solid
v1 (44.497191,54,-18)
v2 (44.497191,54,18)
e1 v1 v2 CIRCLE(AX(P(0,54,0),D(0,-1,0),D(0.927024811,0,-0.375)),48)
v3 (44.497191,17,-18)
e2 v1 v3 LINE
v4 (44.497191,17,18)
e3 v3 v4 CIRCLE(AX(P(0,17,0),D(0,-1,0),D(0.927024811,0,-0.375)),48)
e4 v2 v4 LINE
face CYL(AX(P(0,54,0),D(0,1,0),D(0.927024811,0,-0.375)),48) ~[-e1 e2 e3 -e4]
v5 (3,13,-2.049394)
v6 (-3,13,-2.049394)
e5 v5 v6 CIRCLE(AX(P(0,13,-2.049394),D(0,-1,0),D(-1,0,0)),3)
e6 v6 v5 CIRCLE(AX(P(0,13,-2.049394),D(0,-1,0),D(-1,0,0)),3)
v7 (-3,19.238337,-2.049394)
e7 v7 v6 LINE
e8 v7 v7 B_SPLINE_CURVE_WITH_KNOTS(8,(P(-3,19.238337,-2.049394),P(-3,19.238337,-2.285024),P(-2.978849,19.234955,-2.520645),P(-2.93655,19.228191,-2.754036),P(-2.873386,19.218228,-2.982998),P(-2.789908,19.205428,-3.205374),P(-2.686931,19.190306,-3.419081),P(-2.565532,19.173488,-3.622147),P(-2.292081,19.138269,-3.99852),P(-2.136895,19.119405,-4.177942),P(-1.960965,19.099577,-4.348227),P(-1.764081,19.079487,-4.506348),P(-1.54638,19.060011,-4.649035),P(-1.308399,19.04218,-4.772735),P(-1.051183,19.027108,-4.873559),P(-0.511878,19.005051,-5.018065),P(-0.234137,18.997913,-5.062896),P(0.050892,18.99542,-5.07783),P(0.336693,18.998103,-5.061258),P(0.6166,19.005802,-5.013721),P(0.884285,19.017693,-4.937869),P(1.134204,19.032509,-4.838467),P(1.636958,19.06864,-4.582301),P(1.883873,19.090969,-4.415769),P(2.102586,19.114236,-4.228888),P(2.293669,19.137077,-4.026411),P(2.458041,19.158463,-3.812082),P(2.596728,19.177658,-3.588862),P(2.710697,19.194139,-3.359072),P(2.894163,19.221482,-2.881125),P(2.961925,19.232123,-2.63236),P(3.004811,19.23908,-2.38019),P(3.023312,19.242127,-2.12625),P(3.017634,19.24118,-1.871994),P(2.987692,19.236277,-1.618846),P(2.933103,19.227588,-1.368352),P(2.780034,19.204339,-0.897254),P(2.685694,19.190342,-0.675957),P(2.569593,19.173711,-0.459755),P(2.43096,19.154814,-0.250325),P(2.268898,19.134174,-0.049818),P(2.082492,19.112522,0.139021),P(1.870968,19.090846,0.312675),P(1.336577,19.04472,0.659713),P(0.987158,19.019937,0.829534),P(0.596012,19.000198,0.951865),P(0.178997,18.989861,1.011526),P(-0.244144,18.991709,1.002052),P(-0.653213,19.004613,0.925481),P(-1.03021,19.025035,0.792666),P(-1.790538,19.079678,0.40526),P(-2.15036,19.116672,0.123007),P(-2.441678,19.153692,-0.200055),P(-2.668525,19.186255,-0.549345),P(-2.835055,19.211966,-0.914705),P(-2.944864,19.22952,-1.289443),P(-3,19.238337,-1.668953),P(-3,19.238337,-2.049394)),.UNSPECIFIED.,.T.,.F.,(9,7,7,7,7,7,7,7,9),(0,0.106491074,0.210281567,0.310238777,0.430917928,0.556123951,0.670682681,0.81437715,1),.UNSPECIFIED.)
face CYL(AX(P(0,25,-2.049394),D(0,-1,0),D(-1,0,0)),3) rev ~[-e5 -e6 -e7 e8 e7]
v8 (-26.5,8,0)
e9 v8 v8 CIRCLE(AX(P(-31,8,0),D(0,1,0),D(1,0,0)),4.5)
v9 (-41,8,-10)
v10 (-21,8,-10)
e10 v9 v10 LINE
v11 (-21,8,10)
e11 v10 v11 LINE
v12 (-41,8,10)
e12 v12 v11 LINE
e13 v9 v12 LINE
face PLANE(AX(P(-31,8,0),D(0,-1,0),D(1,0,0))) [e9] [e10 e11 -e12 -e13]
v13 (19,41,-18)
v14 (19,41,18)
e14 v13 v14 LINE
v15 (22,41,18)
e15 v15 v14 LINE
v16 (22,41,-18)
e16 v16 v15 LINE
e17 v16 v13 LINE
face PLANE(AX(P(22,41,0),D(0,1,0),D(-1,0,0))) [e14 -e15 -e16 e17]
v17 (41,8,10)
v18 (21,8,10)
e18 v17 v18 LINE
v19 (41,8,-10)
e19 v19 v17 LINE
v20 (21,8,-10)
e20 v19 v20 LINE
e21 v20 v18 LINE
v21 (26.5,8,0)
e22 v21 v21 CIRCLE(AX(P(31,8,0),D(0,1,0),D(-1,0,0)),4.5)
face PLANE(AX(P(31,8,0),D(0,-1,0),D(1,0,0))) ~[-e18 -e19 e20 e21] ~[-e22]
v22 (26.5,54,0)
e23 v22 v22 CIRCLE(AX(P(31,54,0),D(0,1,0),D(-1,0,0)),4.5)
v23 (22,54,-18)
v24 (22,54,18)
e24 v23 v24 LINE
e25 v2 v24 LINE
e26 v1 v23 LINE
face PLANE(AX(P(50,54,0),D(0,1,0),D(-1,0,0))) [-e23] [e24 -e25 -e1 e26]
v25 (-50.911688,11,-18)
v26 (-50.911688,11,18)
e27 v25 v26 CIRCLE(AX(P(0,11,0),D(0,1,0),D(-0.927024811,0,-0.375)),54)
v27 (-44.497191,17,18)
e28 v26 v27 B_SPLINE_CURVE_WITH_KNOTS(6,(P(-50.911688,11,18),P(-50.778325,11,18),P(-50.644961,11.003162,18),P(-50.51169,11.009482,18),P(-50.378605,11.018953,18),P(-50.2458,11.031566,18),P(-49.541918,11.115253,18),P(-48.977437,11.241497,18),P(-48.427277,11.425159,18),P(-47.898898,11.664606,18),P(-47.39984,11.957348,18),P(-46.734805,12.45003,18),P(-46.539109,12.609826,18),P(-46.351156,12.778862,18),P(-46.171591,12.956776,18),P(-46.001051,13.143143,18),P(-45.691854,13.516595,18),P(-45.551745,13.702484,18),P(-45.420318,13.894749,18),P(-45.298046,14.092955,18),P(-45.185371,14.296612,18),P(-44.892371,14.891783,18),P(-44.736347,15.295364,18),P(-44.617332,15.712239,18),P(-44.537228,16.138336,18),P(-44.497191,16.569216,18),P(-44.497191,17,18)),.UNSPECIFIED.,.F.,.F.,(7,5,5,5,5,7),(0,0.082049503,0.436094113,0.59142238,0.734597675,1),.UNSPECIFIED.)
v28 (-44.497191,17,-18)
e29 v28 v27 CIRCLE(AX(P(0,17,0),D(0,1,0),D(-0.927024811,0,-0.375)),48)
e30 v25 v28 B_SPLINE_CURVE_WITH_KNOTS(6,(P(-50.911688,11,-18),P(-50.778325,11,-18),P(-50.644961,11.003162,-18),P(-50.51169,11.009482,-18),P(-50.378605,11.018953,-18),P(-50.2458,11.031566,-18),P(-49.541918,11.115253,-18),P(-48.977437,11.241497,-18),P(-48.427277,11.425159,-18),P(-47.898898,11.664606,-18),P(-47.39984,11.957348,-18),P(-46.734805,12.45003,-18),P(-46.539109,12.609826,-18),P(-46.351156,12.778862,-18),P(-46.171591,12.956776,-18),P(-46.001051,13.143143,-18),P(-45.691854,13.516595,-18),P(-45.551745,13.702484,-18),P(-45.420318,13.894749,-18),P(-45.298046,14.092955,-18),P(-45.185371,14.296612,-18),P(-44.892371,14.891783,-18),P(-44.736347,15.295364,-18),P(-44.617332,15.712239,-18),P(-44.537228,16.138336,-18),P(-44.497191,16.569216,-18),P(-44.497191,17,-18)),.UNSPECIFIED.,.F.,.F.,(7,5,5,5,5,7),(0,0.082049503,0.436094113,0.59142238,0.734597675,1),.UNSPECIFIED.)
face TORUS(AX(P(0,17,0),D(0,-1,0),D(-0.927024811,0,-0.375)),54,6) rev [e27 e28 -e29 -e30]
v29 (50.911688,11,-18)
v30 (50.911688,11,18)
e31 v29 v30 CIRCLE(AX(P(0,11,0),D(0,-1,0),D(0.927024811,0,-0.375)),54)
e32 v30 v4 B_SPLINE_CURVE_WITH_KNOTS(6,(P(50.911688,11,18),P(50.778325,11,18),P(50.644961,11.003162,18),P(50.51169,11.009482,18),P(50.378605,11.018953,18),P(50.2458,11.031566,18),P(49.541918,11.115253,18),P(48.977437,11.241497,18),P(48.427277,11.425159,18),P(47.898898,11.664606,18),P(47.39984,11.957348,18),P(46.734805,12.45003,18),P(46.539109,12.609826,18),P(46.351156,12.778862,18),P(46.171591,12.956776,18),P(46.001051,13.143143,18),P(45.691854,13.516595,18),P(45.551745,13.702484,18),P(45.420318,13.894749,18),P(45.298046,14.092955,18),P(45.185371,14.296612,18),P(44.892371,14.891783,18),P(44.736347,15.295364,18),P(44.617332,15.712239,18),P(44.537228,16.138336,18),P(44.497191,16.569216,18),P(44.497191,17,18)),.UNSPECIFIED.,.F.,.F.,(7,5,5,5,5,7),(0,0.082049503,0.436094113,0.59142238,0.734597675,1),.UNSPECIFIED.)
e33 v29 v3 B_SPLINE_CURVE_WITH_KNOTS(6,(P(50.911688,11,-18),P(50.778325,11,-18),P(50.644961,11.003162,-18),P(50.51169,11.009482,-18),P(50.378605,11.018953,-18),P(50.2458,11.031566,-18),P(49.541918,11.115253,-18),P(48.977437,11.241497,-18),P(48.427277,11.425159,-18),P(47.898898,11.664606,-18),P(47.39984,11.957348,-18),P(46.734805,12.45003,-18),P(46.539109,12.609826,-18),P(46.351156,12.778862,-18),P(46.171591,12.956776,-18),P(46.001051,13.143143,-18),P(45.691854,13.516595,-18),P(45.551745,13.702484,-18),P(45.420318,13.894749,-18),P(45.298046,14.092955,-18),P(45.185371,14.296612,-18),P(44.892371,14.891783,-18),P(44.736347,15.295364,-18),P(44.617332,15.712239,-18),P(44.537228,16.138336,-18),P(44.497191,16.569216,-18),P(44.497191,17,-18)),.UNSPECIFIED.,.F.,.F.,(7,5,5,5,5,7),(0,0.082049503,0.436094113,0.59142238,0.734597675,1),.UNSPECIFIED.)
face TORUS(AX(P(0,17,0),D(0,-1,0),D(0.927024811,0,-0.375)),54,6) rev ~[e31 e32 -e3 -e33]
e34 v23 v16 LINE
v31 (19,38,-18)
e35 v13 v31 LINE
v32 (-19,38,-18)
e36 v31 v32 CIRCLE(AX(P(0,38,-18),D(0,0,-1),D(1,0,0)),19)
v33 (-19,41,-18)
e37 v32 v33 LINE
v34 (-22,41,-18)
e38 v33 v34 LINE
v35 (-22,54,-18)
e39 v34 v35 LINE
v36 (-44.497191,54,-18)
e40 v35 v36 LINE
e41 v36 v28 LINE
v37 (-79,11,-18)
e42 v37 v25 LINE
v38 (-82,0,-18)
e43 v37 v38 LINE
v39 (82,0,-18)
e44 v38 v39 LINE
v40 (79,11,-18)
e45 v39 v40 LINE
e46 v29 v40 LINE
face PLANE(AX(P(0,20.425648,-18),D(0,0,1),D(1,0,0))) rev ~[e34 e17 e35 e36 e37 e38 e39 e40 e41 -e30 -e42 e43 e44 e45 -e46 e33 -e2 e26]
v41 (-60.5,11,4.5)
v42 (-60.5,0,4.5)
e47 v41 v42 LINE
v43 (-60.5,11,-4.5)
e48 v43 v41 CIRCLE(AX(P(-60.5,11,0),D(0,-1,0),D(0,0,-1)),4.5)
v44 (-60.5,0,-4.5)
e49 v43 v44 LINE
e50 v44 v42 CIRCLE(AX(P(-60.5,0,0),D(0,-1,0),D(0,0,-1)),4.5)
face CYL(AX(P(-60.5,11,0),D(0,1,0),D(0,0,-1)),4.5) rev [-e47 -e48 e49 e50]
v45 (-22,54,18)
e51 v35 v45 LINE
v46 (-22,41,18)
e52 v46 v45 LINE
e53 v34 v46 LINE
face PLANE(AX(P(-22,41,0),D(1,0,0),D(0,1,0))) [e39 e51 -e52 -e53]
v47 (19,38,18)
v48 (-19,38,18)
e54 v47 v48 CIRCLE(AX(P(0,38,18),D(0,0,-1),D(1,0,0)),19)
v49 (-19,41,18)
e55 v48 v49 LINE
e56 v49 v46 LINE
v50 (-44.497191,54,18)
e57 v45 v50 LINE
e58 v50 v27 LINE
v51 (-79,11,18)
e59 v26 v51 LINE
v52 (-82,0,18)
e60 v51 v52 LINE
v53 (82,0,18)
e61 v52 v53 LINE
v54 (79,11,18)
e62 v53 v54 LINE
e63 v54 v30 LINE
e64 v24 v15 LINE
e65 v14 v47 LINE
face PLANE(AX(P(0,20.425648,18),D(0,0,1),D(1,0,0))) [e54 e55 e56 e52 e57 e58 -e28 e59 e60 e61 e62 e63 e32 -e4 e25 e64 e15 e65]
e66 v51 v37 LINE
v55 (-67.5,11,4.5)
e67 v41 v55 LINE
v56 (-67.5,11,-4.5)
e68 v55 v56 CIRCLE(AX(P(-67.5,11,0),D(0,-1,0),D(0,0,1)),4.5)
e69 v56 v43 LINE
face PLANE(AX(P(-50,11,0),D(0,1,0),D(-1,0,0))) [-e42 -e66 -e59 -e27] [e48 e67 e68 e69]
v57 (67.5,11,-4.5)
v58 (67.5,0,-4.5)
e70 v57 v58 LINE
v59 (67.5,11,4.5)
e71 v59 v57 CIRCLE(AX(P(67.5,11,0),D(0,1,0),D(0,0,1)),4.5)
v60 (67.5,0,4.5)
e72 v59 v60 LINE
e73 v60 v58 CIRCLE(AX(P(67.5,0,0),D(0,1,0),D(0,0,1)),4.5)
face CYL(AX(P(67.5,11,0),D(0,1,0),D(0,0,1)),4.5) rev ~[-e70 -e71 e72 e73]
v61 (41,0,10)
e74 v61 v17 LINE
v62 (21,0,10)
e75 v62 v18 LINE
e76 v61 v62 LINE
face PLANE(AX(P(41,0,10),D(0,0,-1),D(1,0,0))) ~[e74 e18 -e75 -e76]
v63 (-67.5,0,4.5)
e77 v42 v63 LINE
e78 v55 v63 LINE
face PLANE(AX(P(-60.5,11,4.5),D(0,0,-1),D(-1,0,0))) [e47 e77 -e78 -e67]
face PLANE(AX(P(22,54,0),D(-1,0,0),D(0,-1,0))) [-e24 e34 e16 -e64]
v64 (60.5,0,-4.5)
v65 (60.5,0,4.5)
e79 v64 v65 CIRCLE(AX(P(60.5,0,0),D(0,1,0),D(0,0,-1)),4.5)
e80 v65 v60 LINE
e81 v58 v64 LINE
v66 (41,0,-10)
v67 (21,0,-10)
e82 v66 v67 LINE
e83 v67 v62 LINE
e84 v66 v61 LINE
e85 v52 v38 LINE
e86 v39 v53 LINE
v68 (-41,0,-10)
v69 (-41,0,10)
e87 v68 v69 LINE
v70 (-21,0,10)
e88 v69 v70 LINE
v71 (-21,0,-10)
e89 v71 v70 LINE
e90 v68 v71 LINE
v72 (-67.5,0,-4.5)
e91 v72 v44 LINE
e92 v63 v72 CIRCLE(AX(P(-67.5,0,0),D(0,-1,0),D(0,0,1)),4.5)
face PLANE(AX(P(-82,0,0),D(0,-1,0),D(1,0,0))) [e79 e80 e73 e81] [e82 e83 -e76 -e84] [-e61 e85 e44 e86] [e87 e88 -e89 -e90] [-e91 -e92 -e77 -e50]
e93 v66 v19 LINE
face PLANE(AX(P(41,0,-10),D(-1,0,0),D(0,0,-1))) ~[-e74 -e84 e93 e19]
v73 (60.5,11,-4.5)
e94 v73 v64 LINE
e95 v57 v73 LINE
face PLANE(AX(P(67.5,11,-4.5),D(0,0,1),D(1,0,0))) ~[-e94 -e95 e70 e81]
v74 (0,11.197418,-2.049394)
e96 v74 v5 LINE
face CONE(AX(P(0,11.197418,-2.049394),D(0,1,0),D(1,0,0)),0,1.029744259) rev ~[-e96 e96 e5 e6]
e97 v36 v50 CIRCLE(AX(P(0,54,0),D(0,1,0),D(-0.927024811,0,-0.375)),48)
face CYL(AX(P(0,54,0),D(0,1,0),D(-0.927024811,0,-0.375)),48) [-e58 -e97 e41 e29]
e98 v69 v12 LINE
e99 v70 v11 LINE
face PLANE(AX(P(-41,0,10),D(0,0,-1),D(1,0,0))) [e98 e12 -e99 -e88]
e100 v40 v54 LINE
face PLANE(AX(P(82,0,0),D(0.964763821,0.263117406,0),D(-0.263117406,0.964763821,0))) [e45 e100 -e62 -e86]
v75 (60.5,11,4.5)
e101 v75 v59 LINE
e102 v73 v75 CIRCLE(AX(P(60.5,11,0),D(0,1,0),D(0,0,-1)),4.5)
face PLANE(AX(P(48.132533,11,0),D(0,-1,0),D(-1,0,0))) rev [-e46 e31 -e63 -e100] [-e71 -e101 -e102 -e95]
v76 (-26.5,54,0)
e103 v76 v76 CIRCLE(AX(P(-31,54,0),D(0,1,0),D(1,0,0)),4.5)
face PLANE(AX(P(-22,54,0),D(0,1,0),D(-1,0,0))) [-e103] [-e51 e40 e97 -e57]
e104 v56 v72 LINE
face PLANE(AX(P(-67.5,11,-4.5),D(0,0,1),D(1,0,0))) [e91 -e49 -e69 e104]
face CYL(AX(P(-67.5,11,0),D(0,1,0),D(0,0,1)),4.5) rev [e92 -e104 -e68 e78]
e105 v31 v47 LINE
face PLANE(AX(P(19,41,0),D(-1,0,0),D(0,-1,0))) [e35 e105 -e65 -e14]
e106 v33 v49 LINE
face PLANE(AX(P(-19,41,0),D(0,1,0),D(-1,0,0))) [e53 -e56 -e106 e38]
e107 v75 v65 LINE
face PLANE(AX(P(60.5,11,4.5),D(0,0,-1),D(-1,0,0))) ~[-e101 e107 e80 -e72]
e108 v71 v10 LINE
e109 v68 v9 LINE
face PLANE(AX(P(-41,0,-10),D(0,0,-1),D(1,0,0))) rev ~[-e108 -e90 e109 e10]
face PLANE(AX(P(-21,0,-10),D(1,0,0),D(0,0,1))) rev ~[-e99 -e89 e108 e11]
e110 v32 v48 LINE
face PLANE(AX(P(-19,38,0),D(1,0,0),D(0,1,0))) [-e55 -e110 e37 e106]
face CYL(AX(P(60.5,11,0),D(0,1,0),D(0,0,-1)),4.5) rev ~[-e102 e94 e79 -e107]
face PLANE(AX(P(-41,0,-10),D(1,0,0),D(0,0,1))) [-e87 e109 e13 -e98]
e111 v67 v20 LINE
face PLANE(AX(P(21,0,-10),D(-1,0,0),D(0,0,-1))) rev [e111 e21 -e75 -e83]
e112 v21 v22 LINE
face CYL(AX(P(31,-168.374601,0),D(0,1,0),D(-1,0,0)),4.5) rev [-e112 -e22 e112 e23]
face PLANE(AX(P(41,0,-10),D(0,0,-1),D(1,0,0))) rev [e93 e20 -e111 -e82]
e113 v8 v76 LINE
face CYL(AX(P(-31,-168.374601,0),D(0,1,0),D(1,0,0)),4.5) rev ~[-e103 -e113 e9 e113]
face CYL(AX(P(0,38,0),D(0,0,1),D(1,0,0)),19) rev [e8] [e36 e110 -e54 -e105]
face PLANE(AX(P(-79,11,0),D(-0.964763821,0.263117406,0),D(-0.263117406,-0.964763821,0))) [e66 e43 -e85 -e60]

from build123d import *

# Parameters (mm, degrees)
BOSS_EXTRUDE1_DEPTH       = 18
CUT_EXTRUDE2_DEPTH        = 43
CUT_EXTRUDE3_DEPTH        = 11
SKETCH6_W                 = 20
SKETCH6_H                 = 20
CUT_EXTRUDE4_DEPTH        = 8
F_6_0MM_DOWEL_HOLE2_D     = 9
FILLET1_R                 = 6
FILLET2_R                 = 6
F_6_0MM_DOWEL_HOLE3_D     = 6
F_6_0MM_DOWEL_HOLE3_DEPTH = 6
F_6_0MM_DOWEL_HOLE3_TIP   = 1.802581857


with BuildPart() as part:
    # Sketch2 → Boss-Extrude1 (new, symmetric)
    with BuildSketch(Plane.XY):
        with BuildLine():
            Line((-82, 0), (82, 0))
            Line((82, 0), (79, 11))
            Line((79, 11), (50, 11))
            Line((50, 11), (50, 54))
            Line((50, 54), (22, 54))
            Line((22, 54), (22, 41))
            Line((22, 41), (19, 41))
            Line((19, 41), (19, 38))
            ThreePointArc((19, 38), (0, 19), (-19, 38))
            Line((-19, 38), (-19, 41))
            Line((-19, 41), (-22, 41))
            Line((-22, 41), (-22, 54))
            Line((-22, 54), (-50, 54))
            Line((-50, 54), (-50, 11))
            Line((-50, 11), (-79, 11))
            Line((-79, 11), (-82, 0))
        make_face()
    extrude(amount=BOSS_EXTRUDE1_DEPTH, both=True)

    # Sketch3 → Cut-Extrude2 (cut)
    with BuildSketch(Plane(origin=(0, 54, 0), x_dir=(1, 0, 0), z_dir=(0, 1, 0))):
        with BuildLine():
            Line((-44.497190923, -18), (-50, -18))
            Line((-50, -18), (-50, 18))
            Line((-50, 18), (-44.497190923, 18))
            ThreePointArc((-44.497190923, 18), (-48, 0), (-44.497190923, -18))
        make_face()
    cut_extrude2 = extrude(amount=-CUT_EXTRUDE2_DEPTH, mode=Mode.SUBTRACT)

    # Sketch4 → Cut-Extrude3 (cut)
    with BuildSketch(Plane(origin=(0, 11, 0), x_dir=(1, 0, 0), z_dir=(0, 1, 0))):
        with BuildLine():
            Line((-67.5, 4.5), (-60.5, 4.5))
            ThreePointArc((-60.5, 4.5), (-56, 0), (-60.5, -4.5))
            Line((-60.5, -4.5), (-67.5, -4.5))
            ThreePointArc((-67.5, -4.5), (-72, 0), (-67.5, 4.5))
        make_face()
    cut_extrude3 = extrude(amount=-CUT_EXTRUDE3_DEPTH, mode=Mode.SUBTRACT)

    # Sketch6 → Cut-Extrude4 (cut)
    with BuildSketch(Plane.XZ):
        with Locations((-31, 0)):
            Rectangle(SKETCH6_W, SKETCH6_H)
    cut_extrude4 = extrude(amount=-CUT_EXTRUDE4_DEPTH, mode=Mode.SUBTRACT)

    # Ø6.0mm Dowel Hole2 (through all)
    with Locations(Plane(origin=(0, 8, 0), x_dir=(-1, 0, 0), z_dir=(0, -1, 0))):
        with Locations((31, 0)):
            f_6_0mm_dowel_hole2 = Hole(F_6_0MM_DOWEL_HOLE2_D / 2)

    # Mirror2: Cut-Extrude2, Cut-Extrude3, Cut-Extrude4, Ø6.0mm Dowel Hole2 across plane
    add(cut_extrude2.mirror(Plane(origin=(0, 0, 0), x_dir=(0, 0, 1), z_dir=(1, 0, 0))), mode=Mode.SUBTRACT)
    add(cut_extrude3.mirror(Plane(origin=(0, 0, 0), x_dir=(0, 0, 1), z_dir=(1, 0, 0))), mode=Mode.SUBTRACT)
    add(cut_extrude4.mirror(Plane(origin=(0, 0, 0), x_dir=(0, 0, 1), z_dir=(1, 0, 0))), mode=Mode.SUBTRACT)
    add(f_6_0mm_dowel_hole2.mirror(Plane(origin=(0, 0, 0), x_dir=(0, 0, 1), z_dir=(1, 0, 0))), mode=Mode.SUBTRACT)

    # Fillet1
    fillet1_edges = [part.edges().sort_by_distance(p)[0] for p in [
        (48, 11, 0),
    ]]
    fillet(fillet1_edges, radius=FILLET1_R)

    # Fillet2
    fillet2_edges = [part.edges().sort_by_distance(p)[0] for p in [
        (-48, 11, 0),
    ]]
    fillet(fillet2_edges, radius=FILLET2_R)

    # Ø6.0mm Dowel Hole3
    with Locations(Plane(origin=(0, 19, -2.049394215), x_dir=(1, 0, 0), z_dir=(0, 1, 0))):
        with Locations((0, 0)):
            Hole(F_6_0MM_DOWEL_HOLE3_D / 2, depth=F_6_0MM_DOWEL_HOLE3_DEPTH)
            with Locations((0, 0, -(F_6_0MM_DOWEL_HOLE3_DEPTH + F_6_0MM_DOWEL_HOLE3_TIP / 2))):  # 118° drill point
                Cone(0, F_6_0MM_DOWEL_HOLE3_D / 2, F_6_0MM_DOWEL_HOLE3_TIP, mode=Mode.SUBTRACT)


solid = part.part
